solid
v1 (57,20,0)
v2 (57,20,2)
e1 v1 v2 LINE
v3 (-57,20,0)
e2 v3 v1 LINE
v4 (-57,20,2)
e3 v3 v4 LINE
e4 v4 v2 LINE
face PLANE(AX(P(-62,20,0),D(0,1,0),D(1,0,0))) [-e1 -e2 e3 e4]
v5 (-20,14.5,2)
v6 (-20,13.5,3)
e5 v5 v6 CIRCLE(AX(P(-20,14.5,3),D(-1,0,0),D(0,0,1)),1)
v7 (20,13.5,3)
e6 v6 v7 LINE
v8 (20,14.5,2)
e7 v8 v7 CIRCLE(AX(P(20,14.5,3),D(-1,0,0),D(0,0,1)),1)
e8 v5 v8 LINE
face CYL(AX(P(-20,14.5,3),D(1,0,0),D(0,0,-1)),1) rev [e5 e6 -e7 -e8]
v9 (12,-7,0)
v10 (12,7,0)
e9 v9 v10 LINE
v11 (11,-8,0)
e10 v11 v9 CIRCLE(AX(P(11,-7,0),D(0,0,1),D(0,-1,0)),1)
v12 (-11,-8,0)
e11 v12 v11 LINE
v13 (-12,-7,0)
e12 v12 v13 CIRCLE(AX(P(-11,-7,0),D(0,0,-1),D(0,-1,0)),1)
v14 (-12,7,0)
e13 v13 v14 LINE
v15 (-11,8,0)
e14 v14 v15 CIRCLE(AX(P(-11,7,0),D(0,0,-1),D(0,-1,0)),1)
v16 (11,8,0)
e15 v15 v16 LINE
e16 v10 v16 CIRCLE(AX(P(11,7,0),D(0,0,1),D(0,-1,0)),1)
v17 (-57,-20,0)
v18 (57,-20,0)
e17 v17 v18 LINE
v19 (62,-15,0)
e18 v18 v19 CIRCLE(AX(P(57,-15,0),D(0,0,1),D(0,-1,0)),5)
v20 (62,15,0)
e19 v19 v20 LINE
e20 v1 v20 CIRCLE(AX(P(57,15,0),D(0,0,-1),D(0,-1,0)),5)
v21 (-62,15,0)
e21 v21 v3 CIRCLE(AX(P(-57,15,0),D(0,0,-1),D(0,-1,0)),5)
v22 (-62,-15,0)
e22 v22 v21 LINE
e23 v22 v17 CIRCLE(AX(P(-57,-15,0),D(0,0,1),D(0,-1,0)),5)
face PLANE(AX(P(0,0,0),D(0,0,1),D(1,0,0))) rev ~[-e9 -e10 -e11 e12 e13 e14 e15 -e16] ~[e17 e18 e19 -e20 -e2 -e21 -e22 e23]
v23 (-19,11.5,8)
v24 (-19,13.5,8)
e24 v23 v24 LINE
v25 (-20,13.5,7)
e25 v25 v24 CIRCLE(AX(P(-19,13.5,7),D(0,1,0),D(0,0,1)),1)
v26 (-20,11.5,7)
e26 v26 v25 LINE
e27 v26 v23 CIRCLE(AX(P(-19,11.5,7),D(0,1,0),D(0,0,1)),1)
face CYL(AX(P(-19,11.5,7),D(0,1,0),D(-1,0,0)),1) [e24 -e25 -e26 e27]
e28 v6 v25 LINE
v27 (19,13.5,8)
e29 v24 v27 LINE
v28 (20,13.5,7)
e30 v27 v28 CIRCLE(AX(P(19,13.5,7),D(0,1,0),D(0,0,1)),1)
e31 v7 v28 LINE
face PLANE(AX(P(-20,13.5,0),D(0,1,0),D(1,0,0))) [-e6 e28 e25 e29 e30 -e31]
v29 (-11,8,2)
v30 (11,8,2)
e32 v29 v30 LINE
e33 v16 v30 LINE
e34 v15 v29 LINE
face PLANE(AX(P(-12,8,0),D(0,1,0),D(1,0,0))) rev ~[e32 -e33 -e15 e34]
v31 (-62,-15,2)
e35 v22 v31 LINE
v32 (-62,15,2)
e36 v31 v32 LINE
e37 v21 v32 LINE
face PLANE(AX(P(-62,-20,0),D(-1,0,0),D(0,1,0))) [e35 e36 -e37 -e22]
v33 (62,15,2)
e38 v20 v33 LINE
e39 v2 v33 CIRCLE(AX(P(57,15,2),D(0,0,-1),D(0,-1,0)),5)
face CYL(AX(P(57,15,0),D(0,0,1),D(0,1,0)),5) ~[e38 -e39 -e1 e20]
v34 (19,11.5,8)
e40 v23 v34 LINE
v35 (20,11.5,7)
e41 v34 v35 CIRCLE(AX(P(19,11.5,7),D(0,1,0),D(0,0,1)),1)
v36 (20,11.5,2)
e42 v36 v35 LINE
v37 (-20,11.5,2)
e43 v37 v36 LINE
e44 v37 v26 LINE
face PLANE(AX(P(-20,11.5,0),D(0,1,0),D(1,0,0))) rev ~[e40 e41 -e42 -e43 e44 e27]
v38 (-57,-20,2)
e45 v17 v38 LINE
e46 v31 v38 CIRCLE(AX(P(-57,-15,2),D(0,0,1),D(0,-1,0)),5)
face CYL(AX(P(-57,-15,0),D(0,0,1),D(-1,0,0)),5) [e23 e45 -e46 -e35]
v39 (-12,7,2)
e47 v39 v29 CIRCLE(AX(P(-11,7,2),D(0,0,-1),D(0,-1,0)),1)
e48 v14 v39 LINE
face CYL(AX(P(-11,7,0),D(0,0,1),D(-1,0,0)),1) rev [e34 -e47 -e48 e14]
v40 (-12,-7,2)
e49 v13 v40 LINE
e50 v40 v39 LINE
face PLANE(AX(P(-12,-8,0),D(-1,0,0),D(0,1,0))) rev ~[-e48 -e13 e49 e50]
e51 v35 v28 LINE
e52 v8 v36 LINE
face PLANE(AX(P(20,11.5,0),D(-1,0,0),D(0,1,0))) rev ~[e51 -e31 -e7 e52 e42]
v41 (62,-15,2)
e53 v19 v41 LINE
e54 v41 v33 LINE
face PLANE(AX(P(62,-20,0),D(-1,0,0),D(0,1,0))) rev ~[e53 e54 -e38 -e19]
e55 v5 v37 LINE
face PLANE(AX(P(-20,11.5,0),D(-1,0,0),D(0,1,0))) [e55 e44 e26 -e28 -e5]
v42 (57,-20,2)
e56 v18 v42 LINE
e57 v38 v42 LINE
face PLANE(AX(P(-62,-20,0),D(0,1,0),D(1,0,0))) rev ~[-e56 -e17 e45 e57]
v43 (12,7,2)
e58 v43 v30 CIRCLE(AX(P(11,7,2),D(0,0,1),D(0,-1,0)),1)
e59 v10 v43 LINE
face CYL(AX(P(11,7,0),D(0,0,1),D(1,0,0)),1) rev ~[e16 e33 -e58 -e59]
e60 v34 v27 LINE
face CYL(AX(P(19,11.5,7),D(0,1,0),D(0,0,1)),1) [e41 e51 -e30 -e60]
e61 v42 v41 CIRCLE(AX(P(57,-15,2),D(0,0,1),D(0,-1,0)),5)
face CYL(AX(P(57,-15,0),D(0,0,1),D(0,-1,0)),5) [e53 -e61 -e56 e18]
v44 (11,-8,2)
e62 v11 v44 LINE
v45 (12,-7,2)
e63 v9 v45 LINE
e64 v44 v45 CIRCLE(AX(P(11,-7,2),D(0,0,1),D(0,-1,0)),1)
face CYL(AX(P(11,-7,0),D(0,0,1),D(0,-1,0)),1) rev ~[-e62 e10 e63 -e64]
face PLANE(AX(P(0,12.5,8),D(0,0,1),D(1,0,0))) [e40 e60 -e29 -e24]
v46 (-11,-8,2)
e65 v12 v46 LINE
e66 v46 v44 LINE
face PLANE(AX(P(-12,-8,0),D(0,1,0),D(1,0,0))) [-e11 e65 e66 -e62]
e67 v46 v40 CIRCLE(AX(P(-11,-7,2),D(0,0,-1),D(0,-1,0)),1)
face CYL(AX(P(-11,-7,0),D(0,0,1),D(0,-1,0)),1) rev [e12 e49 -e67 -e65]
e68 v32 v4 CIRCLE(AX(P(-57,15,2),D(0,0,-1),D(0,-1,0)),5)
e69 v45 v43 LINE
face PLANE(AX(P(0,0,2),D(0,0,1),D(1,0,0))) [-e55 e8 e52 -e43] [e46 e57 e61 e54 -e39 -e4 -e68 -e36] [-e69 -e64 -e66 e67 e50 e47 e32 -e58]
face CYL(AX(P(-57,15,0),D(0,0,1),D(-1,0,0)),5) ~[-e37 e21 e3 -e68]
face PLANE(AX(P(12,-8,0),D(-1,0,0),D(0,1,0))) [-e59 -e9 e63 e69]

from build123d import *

# Parameters (mm, degrees)
F0_W     = 124
F0_H     = 40
F0_W_2   = 24
F0_H_2   = 16
F0_W_3   = 40
F0_H_3   = 2
F1_DEPTH = 2
F2_R     = 5
F3_R     = 1
F4_DEPTH = 8
F5_R     = 1


with BuildPart() as f1:
    # F0 (on Top) → F1 (new body)
    with BuildSketch(Plane.XY):
        Rectangle(F0_W, F0_H)
        Rectangle(F0_W_2, F0_H_2, mode=Mode.SUBTRACT)
        with Locations((0, 12.5)):
            Rectangle(F0_W_3, F0_H_3, mode=Mode.SUBTRACT)
    extrude(amount=F1_DEPTH)

    # F2
    f2_edges = [f1.edges().sort_by_distance(p)[0] for p in [
        (-62, 20, 1),
        (62, 20, 1),
        (62, -20, 1),
        (-62, -20, 1),
    ]]
    fillet(f2_edges, radius=F2_R)

    # F3
    f3_edges = [f1.edges().sort_by_distance(p)[0] for p in [
        (12, -8, 1),
        (-12, -8, 1),
        (12, 8, 1),
        (-12, 8, 1),
    ]]
    fillet(f3_edges, radius=F3_R)

    # F0 (on Top) → F4 (join)
    with BuildSketch(Plane.XY):
        with Locations((0, 12.5)):
            Rectangle(F0_W_3, F0_H_3)
    extrude(amount=F4_DEPTH)

    # F5
    f5_edges = [f1.edges().sort_by_distance(p)[0] for p in [
        (0, 13.5, 2),
        (20, 12.5, 8),
        (-20, 12.5, 8),
    ]]
    fillet(f5_edges, radius=F5_R)


solid = f1.part
